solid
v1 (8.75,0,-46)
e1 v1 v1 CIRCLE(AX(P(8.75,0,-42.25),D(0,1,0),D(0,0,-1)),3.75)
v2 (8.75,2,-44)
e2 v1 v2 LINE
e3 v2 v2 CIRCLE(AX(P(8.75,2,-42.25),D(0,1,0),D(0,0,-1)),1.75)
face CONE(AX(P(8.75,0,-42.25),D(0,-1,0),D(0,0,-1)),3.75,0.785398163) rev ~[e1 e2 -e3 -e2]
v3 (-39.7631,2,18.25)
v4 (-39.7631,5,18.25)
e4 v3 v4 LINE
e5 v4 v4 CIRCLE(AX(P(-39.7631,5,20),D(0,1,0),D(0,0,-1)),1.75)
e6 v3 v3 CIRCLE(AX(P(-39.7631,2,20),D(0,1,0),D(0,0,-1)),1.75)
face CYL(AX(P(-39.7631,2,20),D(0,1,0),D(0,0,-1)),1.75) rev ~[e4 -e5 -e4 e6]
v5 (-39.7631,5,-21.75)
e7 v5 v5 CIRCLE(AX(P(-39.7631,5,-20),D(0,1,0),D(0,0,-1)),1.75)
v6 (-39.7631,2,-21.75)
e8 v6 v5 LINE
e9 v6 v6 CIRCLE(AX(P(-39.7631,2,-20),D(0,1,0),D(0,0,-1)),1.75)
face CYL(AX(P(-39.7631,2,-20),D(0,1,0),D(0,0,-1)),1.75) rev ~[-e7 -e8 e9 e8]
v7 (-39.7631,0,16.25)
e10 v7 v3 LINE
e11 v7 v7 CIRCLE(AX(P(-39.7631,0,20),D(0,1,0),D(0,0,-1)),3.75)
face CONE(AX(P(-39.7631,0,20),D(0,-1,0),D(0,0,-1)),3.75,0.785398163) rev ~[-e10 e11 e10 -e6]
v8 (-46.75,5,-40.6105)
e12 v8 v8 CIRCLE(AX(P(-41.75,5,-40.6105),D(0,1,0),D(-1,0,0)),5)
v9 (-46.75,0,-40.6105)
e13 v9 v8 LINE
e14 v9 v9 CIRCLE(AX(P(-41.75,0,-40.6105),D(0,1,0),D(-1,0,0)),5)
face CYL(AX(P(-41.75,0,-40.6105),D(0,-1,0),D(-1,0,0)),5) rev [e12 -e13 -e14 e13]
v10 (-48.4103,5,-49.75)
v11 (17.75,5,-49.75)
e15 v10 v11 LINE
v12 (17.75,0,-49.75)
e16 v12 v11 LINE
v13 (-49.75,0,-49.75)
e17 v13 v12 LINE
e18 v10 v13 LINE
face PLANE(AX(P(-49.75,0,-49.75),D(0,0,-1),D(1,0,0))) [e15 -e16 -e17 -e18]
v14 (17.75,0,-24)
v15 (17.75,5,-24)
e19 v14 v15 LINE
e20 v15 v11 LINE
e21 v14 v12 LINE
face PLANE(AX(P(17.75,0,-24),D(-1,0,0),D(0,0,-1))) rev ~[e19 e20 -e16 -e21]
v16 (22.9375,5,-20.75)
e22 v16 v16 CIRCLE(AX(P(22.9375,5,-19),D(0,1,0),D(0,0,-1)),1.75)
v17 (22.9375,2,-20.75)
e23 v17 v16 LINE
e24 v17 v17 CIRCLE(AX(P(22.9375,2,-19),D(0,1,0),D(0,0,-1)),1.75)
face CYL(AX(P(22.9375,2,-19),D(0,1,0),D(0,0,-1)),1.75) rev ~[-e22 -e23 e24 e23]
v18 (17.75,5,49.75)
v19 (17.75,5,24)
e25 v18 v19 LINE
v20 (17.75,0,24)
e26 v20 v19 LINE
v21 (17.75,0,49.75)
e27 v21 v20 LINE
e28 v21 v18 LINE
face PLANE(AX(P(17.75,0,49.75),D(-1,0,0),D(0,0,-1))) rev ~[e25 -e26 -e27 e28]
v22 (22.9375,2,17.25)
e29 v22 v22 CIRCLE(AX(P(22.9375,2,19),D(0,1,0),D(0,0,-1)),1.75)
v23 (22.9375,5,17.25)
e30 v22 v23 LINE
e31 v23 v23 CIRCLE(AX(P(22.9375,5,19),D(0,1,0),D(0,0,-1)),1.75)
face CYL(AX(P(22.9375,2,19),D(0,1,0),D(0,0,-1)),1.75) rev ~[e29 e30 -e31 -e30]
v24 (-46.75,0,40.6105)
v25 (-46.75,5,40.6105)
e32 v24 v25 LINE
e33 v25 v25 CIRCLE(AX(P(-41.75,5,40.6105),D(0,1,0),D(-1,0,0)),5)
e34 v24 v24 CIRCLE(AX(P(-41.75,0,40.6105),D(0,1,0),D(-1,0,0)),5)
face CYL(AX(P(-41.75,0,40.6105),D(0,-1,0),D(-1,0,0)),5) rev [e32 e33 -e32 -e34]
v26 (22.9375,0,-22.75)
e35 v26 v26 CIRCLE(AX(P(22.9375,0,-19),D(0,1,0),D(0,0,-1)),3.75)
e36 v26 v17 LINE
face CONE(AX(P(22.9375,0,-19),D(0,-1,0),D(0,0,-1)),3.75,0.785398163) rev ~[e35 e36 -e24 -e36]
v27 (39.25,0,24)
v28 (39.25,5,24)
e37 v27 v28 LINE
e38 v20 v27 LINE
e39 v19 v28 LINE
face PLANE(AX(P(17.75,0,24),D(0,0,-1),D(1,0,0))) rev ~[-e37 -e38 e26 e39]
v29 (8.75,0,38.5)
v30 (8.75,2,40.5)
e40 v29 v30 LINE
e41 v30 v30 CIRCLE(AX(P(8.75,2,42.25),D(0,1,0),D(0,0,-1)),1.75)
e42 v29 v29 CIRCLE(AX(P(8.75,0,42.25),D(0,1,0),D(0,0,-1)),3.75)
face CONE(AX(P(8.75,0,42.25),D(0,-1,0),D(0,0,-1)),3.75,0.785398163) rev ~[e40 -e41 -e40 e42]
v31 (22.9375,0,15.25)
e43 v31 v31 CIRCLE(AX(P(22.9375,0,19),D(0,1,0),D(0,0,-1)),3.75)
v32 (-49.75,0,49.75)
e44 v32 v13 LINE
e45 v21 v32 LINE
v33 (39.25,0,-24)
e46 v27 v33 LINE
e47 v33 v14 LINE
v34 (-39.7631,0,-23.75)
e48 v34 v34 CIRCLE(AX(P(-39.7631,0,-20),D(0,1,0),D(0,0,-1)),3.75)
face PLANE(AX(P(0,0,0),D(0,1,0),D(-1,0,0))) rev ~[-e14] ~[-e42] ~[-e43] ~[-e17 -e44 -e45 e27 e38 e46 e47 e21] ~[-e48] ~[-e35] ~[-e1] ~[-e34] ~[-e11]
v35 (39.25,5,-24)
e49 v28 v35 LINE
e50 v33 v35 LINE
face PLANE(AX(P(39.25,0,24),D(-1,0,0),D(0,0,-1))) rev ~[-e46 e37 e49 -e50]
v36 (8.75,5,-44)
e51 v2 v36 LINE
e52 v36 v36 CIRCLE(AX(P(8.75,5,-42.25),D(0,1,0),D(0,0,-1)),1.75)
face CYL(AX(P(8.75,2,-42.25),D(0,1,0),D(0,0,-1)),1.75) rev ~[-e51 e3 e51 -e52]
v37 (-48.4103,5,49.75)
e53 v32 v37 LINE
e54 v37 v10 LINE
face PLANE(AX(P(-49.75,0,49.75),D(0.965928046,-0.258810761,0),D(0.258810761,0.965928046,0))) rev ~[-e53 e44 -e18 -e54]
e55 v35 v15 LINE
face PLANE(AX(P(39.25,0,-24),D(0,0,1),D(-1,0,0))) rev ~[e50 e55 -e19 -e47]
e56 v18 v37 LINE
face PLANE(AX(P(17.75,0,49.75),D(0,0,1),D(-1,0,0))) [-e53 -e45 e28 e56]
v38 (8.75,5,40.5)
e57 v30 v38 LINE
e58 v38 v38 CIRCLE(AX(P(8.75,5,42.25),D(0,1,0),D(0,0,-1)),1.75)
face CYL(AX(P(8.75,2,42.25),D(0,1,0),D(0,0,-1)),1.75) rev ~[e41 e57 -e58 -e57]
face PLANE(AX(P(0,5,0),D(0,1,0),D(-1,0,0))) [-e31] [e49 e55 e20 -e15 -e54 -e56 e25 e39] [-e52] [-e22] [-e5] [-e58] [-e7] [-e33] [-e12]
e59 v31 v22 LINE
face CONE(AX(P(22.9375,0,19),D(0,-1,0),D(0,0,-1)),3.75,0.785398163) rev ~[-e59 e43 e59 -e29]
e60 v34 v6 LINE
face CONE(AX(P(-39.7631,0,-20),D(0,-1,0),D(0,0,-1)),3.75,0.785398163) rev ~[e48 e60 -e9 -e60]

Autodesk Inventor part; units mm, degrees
ref_plane "YZ Plane" through (0, 0, 0) normal (1, 0, 0) x (0, 1, 0)
ref_plane "XZ Plane" through (0, 0, 0) normal (0, 1, 0) x (-1, 0, 0)
ref_plane "XY Plane" through (0, 0, 0) normal (0, 0, 1) x (1, 0, 0)
sketch "Náčrt1" plane through (0, 0, 0) normal (0, 1, 0) x (-1, 0, 0)
  line L0 (-49.75, 49.75) -> (49.75, 49.75)
  line L1 (49.75, 49.75) -> (49.75, -49.75)
  line L2 (49.75, -49.75) -> (-49.75, -49.75)
  line L3 (-49.75, -49.75) -> (-49.75, 49.75)
  line L4 (-49.75, 49.75) -> (49.75, -49.75) construction
  line L5 (49.75, 49.75) -> (-49.75, -49.75) construction
  line L6 (-17.75, 49.75) -> (-17.75, 24)
  line L7 (-17.75, 24) -> (-49.75, 24)
  line L8 (-49.75, -24) -> (-17.75, -24)
  line L9 (-17.75, -24) -> (-17.75, -49.75)
  circle A0 centre (-22.9375, -19) radius 1.75
  circle A1 centre (-22.9375, 19) radius 1.75
  circle A2 centre (-8.75, -42.25) radius 1.75
  circle A3 centre (39.7631, -20) radius 1.75
  circle A4 centre (39.7631, 20) radius 1.75
  circle A5 centre (-8.75, 42.25) radius 1.75
  circle A6 centre (41.75, 40.6105) radius 5
  circle A7 centre (41.75, -40.6105) radius 5
  line L10 (41.75, 40.6105) -> (41.75, 49.75) construction
  line L11 (41.75, -40.6105) -> (41.75, -49.75) construction
  line L12 (39.7631, 20) -> (39.7631, 0) construction
  line L13 (39.7631, 0) -> (39.7631, -20) construction
  line L14 (-39.25, 24) -> (-39.25, -24)
  point P0 (0, 0)
  point P1 (-33.75, 24)
  dimension "d16" = 75
  dimension "d0" = 99.5
  dimension "d1" = 99.5
  dimension "d2" = 32
  dimension "d5" = 3.5
  dimension "d7" = 7.5
  dimension "d8" = 7.5
  dimension "d9" = 5
  dimension "d10" = 5
  dimension "d11" = 10.8125
  dimension "d12" = 9
  dimension "d13" = 9.9869
  dimension "d26" = 81.221
  dimension "d27" = 10
  dimension "d28" = 8
  dimension "d31" = 40
  dimension "d32" = 48
  dimension "d33" = 10.5
extrude "Vysunutí1" add sketch "Náčrt1" along normal blind 5 contours L0 L1 L2 L9 L8 L14 L7 L6 | A0 | A1 | A2 | A3 | A4 | A5
sketch "Náčrt2" plane through (-49.75, 0, 49.75) normal (0, 0, 1) x (1, 0, 0)
  line L0 (0, 0) -> (67.5, 0) projected
  line L1 (0, 0) -> (1.3397, 5)
  line L2 (0, 5) -> (67.5, 5) projected
  line L3 (0, 0) -> (0, 5) projected
  line L4 (0, 5) -> (0, 0)
  point P0 (49.75, 0)
  point P1 (99.5, 0)
  point P2 (99.5, 5)
  dimension "d16" = 75
extrude "Vysunutí2" cut sketch "Náčrt2" against normal through all
hole "Díra1" at (22.9375, 0, 19) at (22.9375, 0, -19) at (8.75, 0, -42.25) at (-39.7631, 0, -20) at (-39.7631, 0, 20) at (8.75, 0, 42.25) direction (0, 1, 0) diameter 3.5 end through all countersink diameter 7.5 countersink angle 90
properties part number "new_plech" material "Stainless Steel"
